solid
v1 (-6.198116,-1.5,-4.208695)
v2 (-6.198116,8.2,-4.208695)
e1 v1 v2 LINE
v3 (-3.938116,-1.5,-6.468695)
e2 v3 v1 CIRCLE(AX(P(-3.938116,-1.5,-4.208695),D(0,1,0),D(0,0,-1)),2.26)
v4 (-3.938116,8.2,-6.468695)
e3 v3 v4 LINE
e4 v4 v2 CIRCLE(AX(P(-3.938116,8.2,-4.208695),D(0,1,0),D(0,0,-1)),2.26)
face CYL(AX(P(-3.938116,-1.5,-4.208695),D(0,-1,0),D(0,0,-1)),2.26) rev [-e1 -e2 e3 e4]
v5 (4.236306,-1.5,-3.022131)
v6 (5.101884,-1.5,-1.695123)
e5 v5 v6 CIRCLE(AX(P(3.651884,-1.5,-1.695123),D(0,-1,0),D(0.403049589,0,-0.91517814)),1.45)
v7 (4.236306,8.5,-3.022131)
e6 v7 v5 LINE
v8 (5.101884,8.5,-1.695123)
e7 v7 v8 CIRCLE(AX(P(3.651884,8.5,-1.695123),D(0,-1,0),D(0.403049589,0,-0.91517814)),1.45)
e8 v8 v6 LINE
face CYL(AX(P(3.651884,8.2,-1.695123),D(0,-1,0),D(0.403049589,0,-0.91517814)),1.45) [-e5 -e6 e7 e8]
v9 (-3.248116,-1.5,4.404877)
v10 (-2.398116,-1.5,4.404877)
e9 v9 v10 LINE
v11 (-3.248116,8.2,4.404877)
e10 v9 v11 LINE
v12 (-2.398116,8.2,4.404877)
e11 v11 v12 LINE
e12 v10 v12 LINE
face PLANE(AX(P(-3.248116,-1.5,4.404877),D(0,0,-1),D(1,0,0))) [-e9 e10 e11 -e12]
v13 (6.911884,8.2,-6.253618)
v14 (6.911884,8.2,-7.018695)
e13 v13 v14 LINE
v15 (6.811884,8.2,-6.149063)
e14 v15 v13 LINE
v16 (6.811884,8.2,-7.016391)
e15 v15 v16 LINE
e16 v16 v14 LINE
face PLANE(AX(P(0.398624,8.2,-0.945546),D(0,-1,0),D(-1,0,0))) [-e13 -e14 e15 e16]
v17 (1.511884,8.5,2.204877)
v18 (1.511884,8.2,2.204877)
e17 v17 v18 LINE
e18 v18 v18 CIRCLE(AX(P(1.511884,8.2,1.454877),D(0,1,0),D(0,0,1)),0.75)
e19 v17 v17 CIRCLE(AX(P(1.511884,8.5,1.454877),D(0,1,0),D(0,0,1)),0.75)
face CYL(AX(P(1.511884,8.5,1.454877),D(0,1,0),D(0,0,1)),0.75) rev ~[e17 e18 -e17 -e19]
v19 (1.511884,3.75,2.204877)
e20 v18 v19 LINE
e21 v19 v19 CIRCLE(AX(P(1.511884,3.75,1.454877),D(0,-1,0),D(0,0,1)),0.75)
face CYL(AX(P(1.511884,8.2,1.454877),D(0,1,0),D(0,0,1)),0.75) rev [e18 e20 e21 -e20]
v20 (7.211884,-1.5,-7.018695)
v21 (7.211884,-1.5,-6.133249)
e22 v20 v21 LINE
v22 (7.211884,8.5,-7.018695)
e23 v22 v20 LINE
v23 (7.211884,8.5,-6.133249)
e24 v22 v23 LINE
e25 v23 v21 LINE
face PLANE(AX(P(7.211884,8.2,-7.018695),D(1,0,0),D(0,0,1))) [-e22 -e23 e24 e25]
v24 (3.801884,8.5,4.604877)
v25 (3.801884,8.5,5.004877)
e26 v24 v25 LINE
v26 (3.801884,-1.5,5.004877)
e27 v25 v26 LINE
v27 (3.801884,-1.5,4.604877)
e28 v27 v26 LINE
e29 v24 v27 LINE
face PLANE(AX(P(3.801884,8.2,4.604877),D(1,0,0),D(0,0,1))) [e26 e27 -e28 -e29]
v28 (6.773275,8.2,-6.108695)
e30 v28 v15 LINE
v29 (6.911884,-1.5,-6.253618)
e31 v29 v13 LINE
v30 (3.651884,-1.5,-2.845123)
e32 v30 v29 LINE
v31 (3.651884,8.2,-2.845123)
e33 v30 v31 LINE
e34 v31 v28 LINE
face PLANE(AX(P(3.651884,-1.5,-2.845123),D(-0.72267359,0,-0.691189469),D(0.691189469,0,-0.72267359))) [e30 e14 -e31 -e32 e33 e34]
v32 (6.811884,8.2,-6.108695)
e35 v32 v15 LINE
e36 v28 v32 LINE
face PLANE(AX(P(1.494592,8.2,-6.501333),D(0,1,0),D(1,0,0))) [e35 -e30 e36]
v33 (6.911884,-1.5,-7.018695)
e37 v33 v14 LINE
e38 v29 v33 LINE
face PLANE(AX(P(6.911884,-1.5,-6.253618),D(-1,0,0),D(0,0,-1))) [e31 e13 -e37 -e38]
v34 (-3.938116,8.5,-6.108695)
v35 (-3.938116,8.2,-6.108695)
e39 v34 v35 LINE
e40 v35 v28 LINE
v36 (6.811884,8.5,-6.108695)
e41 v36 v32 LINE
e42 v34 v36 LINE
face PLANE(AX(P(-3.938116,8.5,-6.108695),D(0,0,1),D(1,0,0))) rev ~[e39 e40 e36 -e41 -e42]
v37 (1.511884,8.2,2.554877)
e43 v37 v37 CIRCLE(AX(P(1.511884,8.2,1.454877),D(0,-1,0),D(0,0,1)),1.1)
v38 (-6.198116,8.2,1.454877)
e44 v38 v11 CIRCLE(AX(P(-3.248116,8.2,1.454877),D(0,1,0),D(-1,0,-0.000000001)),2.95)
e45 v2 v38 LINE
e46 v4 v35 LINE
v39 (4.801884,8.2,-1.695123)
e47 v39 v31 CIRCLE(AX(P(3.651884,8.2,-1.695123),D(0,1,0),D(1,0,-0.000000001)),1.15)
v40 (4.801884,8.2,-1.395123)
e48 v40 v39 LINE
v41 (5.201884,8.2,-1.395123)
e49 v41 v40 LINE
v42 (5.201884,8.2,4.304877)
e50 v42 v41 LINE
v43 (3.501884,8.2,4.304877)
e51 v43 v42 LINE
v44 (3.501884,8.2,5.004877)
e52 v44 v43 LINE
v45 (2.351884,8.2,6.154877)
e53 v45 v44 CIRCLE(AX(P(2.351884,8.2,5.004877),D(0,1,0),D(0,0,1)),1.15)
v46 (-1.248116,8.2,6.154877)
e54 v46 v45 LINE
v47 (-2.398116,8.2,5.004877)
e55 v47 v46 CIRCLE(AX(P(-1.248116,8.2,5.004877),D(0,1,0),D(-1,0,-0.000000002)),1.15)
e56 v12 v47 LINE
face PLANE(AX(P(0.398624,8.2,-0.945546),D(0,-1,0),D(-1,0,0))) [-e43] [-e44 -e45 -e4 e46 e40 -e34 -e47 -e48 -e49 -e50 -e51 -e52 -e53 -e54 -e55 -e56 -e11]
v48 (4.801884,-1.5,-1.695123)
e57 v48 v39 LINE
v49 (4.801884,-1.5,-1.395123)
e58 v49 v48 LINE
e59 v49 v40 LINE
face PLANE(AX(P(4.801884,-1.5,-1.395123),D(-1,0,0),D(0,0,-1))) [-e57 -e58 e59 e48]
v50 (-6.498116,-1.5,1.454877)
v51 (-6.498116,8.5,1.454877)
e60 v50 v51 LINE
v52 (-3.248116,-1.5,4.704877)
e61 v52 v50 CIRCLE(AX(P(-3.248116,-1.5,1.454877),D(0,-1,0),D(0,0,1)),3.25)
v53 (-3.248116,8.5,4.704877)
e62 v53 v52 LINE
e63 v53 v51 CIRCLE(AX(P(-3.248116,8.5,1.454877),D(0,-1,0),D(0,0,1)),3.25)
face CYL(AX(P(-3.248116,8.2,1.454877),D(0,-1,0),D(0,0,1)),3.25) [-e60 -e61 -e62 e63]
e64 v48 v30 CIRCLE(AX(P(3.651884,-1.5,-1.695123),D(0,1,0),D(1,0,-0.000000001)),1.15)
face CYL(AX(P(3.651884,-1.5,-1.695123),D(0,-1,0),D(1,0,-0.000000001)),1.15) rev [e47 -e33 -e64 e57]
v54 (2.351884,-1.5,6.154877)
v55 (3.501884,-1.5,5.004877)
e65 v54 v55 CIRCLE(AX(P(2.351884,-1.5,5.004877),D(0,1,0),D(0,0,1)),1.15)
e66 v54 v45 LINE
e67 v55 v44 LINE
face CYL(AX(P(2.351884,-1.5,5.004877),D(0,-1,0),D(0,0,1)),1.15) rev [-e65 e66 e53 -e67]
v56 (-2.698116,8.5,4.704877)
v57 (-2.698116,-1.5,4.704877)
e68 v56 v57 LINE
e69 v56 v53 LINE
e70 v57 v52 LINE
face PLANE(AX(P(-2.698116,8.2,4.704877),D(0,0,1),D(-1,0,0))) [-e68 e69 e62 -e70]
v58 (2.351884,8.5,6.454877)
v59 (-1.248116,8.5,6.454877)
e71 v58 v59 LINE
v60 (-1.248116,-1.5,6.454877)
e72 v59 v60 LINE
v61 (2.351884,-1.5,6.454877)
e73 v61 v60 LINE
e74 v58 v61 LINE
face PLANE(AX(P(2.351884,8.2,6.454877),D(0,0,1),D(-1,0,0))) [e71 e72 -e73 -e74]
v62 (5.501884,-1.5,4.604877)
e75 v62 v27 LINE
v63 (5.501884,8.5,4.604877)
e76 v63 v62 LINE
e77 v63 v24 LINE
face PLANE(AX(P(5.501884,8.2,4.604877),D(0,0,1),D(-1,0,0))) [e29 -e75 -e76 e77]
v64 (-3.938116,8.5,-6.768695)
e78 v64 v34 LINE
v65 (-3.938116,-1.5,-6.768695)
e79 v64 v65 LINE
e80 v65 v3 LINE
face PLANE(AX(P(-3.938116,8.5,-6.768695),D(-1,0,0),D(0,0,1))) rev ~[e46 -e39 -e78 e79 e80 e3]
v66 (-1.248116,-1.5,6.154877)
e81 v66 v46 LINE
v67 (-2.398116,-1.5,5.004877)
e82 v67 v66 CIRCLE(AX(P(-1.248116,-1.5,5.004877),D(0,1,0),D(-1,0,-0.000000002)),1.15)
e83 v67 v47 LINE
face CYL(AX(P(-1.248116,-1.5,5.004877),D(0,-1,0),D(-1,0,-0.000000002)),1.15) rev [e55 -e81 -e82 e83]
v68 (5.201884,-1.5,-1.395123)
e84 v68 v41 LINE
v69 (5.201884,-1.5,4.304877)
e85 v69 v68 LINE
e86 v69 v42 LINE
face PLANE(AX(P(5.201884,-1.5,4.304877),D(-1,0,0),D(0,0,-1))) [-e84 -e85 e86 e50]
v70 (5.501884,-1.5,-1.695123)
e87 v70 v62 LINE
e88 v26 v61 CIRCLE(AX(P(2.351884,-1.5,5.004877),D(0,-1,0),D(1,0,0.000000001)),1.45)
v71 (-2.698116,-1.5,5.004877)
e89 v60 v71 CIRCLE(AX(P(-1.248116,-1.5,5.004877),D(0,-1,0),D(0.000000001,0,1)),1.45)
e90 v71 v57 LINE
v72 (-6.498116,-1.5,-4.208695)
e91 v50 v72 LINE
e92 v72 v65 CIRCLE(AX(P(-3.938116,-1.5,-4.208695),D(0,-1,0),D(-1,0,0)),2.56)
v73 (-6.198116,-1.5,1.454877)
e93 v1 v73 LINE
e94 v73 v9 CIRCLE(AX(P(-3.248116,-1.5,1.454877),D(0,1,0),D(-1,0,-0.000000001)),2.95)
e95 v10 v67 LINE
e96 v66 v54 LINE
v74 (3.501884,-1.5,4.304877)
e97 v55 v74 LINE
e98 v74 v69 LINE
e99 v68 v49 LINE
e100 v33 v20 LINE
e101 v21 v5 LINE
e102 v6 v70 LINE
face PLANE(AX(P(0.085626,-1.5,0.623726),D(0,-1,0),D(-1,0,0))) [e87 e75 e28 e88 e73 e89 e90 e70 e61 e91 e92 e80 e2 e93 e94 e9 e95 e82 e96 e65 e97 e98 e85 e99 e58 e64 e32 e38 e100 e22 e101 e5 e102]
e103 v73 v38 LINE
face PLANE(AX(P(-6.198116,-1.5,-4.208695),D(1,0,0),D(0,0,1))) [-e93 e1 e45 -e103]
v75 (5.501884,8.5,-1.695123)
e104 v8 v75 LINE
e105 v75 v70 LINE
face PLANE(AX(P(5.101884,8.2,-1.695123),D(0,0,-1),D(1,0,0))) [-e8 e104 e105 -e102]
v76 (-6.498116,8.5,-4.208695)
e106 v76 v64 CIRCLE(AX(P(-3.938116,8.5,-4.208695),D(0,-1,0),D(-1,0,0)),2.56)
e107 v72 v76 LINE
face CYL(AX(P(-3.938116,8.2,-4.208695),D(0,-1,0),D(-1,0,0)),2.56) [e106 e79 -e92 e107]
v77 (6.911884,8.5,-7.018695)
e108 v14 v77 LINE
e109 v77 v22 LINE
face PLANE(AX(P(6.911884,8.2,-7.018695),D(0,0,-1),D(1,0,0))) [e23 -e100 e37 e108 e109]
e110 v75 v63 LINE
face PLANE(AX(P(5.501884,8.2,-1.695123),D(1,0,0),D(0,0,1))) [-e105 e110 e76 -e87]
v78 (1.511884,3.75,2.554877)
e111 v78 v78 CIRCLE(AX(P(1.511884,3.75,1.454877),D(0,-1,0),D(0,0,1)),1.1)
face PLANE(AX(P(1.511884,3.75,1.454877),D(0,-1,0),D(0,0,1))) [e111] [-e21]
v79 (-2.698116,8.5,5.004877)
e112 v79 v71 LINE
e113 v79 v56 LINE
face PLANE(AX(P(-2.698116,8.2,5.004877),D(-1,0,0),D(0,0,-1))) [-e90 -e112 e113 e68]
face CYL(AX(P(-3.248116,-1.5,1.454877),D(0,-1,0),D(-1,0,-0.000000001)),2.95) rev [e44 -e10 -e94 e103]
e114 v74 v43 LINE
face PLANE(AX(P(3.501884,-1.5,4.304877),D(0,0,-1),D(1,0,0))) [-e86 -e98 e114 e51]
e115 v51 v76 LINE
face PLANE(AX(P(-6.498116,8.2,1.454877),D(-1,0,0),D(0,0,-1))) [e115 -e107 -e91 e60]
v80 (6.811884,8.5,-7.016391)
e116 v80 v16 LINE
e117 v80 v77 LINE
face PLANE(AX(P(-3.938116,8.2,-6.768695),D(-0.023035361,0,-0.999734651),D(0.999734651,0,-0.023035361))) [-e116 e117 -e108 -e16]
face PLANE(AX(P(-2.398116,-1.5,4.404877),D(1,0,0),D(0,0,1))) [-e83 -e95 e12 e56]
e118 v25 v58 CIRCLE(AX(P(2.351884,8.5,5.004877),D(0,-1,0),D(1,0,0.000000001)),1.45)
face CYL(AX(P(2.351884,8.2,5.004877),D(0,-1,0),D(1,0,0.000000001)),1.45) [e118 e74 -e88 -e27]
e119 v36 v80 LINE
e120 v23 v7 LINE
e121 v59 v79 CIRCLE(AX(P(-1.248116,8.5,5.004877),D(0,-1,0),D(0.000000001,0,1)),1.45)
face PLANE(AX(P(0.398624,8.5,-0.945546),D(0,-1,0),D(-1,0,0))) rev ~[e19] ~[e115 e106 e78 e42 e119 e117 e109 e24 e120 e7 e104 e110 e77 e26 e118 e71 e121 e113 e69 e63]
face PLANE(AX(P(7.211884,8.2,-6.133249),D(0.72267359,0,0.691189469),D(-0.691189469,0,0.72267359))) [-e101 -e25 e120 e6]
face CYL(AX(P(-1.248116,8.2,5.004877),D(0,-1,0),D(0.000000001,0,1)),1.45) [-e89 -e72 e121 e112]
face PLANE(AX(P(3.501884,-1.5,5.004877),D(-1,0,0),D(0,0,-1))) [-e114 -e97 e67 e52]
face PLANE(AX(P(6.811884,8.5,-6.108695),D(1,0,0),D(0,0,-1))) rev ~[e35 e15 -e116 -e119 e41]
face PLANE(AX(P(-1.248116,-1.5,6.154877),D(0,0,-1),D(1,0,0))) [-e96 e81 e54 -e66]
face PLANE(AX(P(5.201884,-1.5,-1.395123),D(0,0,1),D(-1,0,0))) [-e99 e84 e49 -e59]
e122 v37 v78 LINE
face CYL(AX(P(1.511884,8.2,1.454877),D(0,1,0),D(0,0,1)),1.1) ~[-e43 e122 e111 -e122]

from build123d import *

# Parameters (mm, degrees)
BOSS_EXTRUDE2_DEPTH      = 8.2
BOSS_EXTRUDE2_DEPTH_BACK = 1.5
BOSS_EXTRUDE3_DEPTH      = 0.3
SKETCH7_R                = 0.75
CUT_EXTRUDE2_DEPTH       = 0.3
SKETCH8_R                = 1.1
SKETCH8_R_2              = 0.75
BOSS_EXTRUDE4_DEPTH      = 4.45


with BuildPart() as part:
    # Sketch1 → Boss-Extrude2 (new, two sides: drawn at the far end of the back side and taken through both)
    with BuildSketch(Plane(origin=(0, 0, 0), x_dir=(1, 0, 0), z_dir=(0, 1, 0)).offset(-BOSS_EXTRUDE2_DEPTH_BACK)):
        with BuildLine():
            Line((6.911883639, 6.253618181), (6.911883639, 7.018695497))
            Line((6.911883639, 7.018695497), (7.211883639, 7.018695497))
            Line((7.211883639, 7.018695497), (7.211883639, 6.133248982))
            Line((7.211883639, 6.133248982), (4.236305543, 3.022131406))
            ThreePointArc((4.236305543, 3.022131406), (4.866361255, 2.487299926), (5.101883639, 1.695123103))
            Line((5.101883639, 1.695123103), (5.501883639, 1.695123103))
            Line((5.501883639, 1.695123103), (5.501883639, -4.604876897))
            Line((5.501883639, -4.604876897), (3.801883639, -4.604876897))
            Line((3.801883639, -4.604876897), (3.801883639, -5.004876897))
            ThreePointArc((3.801883639, -5.004876897), (3.377188471, -6.03018173), (2.351883639, -6.454876897))
            Line((2.351883639, -6.454876897), (-1.248116361, -6.454876897))
            ThreePointArc((-1.248116361, -6.454876897), (-2.273421194, -6.03018173), (-2.698116361, -5.004876897))
            Line((-2.698116361, -5.004876897), (-2.698116361, -4.704876897))
            Line((-2.698116361, -4.704876897), (-3.248116361, -4.704876897))
            ThreePointArc((-3.248116361, -4.704876897), (-5.5462134, -3.752973936), (-6.498116361, -1.454876897))
            Line((-6.498116361, -1.454876897), (-6.498116361, 4.208695497))
            ThreePointArc((-6.498116361, 4.208695497), (-5.748309721, 6.018888856), (-3.938116361, 6.768695497))
            Line((-3.938116361, 6.768695497), (-3.938116361, 6.468695497))
            ThreePointArc((-3.938116361, 6.468695497), (-5.536177687, 5.806756822), (-6.198116361, 4.208695497))
            Line((-6.198116361, 4.208695497), (-6.198116361, -1.454876897))
            ThreePointArc((-6.198116361, -1.454876897), (-5.334081366, -3.540841902), (-3.248116361, -4.404876897))
            Line((-3.248116361, -4.404876897), (-2.398116361, -4.404876897))
            Line((-2.398116361, -4.404876897), (-2.398116361, -5.004876897))
            ThreePointArc((-2.398116361, -5.004876897), (-2.06128916, -5.818049696), (-1.248116361, -6.154876897))
            Line((-1.248116361, -6.154876897), (2.351883639, -6.154876897))
            ThreePointArc((2.351883639, -6.154876897), (3.165056437, -5.818049696), (3.501883639, -5.004876897))
            Line((3.501883639, -5.004876897), (3.501883639, -4.304876897))
            Line((3.501883639, -4.304876897), (5.201883639, -4.304876897))
            Line((5.201883639, -4.304876897), (5.201883639, 1.395123103))
            Line((5.201883639, 1.395123103), (4.801883639, 1.395123103))
            Line((4.801883639, 1.395123103), (4.801883639, 1.695123103))
            ThreePointArc((4.801883639, 1.695123103), (4.465056437, 2.508295901), (3.651883639, 2.845123103))
            Line((3.651883639, 2.845123103), (6.911883639, 6.253618181))
        make_face()
    extrude(amount=BOSS_EXTRUDE2_DEPTH + BOSS_EXTRUDE2_DEPTH_BACK)

    # Sketch6 → Boss-Extrude3 (add)
    with BuildSketch(Plane(origin=(0, 8.2, 0), x_dir=(1, 0, 0), z_dir=(0, 1, 0))):
        with BuildLine():
            Line((-3.938116361, 6.768695497), (6.911883639, 7.018695497))
            Line((6.911883639, 7.018695497), (7.211883639, 7.018695497))
            Line((7.211883639, 7.018695497), (7.211883639, 6.133248982))
            Line((7.211883639, 6.133248982), (4.236305543, 3.022131406))
            ThreePointArc((4.236305543, 3.022131406), (4.866361255, 2.487299926), (5.101883639, 1.695123103))
            Line((5.101883639, 1.695123103), (5.501883639, 1.695123103))
            Line((5.501883639, 1.695123103), (5.501883639, -4.604876897))
            Line((5.501883639, -4.604876897), (3.801883639, -4.604876897))
            Line((3.801883639, -4.604876897), (3.801883639, -5.004876897))
            ThreePointArc((3.801883639, -5.004876897), (3.377188471, -6.03018173), (2.351883639, -6.454876897))
            Line((2.351883639, -6.454876897), (-1.248116361, -6.454876897))
            ThreePointArc((-1.248116361, -6.454876897), (-2.273421194, -6.03018173), (-2.698116361, -5.004876897))
            Line((-2.698116361, -5.004876897), (-2.698116361, -4.704876897))
            Line((-2.698116361, -4.704876897), (-3.248116361, -4.704876897))
            ThreePointArc((-3.248116361, -4.704876897), (-5.5462134, -3.752973936), (-6.498116361, -1.454876897))
            Line((-6.498116361, -1.454876897), (-6.498116361, 4.208695497))
            ThreePointArc((-6.498116361, 4.208695497), (-5.748309721, 6.018888856), (-3.938116361, 6.768695497))
        make_face()
    extrude(amount=BOSS_EXTRUDE3_DEPTH)

    # Sketch7 → Cut-Extrude2 (cut)
    with BuildSketch(Plane(origin=(0, 8.5, 0), x_dir=(1, 0, 0), z_dir=(0, 1, 0))):
        with Locations(Location((1.511883639, -1.454876897, 0), (0, 0, 270))):
            Circle(SKETCH7_R)
        Polygon((-3.938116361, 6.768695497), (-3.938116361, 6.108695497), (6.811883639, 6.108695497), (6.811883639, 7.016391349), align=None)
    extrude(amount=-CUT_EXTRUDE2_DEPTH, mode=Mode.SUBTRACT)

    # Sketch8 → Boss-Extrude4 (add)
    with BuildSketch(Plane.XZ.offset(-8.2)):
        with Locations(Location((1.511883639, 1.454876897, 0), (0, 0, 90))):
            Circle(SKETCH8_R)
        with Locations(Location((1.511883639, 1.454876897, 0), (0, 0, 90))):
            Circle(SKETCH8_R_2, mode=Mode.SUBTRACT)
    extrude(amount=BOSS_EXTRUDE4_DEPTH)


solid = part.part
